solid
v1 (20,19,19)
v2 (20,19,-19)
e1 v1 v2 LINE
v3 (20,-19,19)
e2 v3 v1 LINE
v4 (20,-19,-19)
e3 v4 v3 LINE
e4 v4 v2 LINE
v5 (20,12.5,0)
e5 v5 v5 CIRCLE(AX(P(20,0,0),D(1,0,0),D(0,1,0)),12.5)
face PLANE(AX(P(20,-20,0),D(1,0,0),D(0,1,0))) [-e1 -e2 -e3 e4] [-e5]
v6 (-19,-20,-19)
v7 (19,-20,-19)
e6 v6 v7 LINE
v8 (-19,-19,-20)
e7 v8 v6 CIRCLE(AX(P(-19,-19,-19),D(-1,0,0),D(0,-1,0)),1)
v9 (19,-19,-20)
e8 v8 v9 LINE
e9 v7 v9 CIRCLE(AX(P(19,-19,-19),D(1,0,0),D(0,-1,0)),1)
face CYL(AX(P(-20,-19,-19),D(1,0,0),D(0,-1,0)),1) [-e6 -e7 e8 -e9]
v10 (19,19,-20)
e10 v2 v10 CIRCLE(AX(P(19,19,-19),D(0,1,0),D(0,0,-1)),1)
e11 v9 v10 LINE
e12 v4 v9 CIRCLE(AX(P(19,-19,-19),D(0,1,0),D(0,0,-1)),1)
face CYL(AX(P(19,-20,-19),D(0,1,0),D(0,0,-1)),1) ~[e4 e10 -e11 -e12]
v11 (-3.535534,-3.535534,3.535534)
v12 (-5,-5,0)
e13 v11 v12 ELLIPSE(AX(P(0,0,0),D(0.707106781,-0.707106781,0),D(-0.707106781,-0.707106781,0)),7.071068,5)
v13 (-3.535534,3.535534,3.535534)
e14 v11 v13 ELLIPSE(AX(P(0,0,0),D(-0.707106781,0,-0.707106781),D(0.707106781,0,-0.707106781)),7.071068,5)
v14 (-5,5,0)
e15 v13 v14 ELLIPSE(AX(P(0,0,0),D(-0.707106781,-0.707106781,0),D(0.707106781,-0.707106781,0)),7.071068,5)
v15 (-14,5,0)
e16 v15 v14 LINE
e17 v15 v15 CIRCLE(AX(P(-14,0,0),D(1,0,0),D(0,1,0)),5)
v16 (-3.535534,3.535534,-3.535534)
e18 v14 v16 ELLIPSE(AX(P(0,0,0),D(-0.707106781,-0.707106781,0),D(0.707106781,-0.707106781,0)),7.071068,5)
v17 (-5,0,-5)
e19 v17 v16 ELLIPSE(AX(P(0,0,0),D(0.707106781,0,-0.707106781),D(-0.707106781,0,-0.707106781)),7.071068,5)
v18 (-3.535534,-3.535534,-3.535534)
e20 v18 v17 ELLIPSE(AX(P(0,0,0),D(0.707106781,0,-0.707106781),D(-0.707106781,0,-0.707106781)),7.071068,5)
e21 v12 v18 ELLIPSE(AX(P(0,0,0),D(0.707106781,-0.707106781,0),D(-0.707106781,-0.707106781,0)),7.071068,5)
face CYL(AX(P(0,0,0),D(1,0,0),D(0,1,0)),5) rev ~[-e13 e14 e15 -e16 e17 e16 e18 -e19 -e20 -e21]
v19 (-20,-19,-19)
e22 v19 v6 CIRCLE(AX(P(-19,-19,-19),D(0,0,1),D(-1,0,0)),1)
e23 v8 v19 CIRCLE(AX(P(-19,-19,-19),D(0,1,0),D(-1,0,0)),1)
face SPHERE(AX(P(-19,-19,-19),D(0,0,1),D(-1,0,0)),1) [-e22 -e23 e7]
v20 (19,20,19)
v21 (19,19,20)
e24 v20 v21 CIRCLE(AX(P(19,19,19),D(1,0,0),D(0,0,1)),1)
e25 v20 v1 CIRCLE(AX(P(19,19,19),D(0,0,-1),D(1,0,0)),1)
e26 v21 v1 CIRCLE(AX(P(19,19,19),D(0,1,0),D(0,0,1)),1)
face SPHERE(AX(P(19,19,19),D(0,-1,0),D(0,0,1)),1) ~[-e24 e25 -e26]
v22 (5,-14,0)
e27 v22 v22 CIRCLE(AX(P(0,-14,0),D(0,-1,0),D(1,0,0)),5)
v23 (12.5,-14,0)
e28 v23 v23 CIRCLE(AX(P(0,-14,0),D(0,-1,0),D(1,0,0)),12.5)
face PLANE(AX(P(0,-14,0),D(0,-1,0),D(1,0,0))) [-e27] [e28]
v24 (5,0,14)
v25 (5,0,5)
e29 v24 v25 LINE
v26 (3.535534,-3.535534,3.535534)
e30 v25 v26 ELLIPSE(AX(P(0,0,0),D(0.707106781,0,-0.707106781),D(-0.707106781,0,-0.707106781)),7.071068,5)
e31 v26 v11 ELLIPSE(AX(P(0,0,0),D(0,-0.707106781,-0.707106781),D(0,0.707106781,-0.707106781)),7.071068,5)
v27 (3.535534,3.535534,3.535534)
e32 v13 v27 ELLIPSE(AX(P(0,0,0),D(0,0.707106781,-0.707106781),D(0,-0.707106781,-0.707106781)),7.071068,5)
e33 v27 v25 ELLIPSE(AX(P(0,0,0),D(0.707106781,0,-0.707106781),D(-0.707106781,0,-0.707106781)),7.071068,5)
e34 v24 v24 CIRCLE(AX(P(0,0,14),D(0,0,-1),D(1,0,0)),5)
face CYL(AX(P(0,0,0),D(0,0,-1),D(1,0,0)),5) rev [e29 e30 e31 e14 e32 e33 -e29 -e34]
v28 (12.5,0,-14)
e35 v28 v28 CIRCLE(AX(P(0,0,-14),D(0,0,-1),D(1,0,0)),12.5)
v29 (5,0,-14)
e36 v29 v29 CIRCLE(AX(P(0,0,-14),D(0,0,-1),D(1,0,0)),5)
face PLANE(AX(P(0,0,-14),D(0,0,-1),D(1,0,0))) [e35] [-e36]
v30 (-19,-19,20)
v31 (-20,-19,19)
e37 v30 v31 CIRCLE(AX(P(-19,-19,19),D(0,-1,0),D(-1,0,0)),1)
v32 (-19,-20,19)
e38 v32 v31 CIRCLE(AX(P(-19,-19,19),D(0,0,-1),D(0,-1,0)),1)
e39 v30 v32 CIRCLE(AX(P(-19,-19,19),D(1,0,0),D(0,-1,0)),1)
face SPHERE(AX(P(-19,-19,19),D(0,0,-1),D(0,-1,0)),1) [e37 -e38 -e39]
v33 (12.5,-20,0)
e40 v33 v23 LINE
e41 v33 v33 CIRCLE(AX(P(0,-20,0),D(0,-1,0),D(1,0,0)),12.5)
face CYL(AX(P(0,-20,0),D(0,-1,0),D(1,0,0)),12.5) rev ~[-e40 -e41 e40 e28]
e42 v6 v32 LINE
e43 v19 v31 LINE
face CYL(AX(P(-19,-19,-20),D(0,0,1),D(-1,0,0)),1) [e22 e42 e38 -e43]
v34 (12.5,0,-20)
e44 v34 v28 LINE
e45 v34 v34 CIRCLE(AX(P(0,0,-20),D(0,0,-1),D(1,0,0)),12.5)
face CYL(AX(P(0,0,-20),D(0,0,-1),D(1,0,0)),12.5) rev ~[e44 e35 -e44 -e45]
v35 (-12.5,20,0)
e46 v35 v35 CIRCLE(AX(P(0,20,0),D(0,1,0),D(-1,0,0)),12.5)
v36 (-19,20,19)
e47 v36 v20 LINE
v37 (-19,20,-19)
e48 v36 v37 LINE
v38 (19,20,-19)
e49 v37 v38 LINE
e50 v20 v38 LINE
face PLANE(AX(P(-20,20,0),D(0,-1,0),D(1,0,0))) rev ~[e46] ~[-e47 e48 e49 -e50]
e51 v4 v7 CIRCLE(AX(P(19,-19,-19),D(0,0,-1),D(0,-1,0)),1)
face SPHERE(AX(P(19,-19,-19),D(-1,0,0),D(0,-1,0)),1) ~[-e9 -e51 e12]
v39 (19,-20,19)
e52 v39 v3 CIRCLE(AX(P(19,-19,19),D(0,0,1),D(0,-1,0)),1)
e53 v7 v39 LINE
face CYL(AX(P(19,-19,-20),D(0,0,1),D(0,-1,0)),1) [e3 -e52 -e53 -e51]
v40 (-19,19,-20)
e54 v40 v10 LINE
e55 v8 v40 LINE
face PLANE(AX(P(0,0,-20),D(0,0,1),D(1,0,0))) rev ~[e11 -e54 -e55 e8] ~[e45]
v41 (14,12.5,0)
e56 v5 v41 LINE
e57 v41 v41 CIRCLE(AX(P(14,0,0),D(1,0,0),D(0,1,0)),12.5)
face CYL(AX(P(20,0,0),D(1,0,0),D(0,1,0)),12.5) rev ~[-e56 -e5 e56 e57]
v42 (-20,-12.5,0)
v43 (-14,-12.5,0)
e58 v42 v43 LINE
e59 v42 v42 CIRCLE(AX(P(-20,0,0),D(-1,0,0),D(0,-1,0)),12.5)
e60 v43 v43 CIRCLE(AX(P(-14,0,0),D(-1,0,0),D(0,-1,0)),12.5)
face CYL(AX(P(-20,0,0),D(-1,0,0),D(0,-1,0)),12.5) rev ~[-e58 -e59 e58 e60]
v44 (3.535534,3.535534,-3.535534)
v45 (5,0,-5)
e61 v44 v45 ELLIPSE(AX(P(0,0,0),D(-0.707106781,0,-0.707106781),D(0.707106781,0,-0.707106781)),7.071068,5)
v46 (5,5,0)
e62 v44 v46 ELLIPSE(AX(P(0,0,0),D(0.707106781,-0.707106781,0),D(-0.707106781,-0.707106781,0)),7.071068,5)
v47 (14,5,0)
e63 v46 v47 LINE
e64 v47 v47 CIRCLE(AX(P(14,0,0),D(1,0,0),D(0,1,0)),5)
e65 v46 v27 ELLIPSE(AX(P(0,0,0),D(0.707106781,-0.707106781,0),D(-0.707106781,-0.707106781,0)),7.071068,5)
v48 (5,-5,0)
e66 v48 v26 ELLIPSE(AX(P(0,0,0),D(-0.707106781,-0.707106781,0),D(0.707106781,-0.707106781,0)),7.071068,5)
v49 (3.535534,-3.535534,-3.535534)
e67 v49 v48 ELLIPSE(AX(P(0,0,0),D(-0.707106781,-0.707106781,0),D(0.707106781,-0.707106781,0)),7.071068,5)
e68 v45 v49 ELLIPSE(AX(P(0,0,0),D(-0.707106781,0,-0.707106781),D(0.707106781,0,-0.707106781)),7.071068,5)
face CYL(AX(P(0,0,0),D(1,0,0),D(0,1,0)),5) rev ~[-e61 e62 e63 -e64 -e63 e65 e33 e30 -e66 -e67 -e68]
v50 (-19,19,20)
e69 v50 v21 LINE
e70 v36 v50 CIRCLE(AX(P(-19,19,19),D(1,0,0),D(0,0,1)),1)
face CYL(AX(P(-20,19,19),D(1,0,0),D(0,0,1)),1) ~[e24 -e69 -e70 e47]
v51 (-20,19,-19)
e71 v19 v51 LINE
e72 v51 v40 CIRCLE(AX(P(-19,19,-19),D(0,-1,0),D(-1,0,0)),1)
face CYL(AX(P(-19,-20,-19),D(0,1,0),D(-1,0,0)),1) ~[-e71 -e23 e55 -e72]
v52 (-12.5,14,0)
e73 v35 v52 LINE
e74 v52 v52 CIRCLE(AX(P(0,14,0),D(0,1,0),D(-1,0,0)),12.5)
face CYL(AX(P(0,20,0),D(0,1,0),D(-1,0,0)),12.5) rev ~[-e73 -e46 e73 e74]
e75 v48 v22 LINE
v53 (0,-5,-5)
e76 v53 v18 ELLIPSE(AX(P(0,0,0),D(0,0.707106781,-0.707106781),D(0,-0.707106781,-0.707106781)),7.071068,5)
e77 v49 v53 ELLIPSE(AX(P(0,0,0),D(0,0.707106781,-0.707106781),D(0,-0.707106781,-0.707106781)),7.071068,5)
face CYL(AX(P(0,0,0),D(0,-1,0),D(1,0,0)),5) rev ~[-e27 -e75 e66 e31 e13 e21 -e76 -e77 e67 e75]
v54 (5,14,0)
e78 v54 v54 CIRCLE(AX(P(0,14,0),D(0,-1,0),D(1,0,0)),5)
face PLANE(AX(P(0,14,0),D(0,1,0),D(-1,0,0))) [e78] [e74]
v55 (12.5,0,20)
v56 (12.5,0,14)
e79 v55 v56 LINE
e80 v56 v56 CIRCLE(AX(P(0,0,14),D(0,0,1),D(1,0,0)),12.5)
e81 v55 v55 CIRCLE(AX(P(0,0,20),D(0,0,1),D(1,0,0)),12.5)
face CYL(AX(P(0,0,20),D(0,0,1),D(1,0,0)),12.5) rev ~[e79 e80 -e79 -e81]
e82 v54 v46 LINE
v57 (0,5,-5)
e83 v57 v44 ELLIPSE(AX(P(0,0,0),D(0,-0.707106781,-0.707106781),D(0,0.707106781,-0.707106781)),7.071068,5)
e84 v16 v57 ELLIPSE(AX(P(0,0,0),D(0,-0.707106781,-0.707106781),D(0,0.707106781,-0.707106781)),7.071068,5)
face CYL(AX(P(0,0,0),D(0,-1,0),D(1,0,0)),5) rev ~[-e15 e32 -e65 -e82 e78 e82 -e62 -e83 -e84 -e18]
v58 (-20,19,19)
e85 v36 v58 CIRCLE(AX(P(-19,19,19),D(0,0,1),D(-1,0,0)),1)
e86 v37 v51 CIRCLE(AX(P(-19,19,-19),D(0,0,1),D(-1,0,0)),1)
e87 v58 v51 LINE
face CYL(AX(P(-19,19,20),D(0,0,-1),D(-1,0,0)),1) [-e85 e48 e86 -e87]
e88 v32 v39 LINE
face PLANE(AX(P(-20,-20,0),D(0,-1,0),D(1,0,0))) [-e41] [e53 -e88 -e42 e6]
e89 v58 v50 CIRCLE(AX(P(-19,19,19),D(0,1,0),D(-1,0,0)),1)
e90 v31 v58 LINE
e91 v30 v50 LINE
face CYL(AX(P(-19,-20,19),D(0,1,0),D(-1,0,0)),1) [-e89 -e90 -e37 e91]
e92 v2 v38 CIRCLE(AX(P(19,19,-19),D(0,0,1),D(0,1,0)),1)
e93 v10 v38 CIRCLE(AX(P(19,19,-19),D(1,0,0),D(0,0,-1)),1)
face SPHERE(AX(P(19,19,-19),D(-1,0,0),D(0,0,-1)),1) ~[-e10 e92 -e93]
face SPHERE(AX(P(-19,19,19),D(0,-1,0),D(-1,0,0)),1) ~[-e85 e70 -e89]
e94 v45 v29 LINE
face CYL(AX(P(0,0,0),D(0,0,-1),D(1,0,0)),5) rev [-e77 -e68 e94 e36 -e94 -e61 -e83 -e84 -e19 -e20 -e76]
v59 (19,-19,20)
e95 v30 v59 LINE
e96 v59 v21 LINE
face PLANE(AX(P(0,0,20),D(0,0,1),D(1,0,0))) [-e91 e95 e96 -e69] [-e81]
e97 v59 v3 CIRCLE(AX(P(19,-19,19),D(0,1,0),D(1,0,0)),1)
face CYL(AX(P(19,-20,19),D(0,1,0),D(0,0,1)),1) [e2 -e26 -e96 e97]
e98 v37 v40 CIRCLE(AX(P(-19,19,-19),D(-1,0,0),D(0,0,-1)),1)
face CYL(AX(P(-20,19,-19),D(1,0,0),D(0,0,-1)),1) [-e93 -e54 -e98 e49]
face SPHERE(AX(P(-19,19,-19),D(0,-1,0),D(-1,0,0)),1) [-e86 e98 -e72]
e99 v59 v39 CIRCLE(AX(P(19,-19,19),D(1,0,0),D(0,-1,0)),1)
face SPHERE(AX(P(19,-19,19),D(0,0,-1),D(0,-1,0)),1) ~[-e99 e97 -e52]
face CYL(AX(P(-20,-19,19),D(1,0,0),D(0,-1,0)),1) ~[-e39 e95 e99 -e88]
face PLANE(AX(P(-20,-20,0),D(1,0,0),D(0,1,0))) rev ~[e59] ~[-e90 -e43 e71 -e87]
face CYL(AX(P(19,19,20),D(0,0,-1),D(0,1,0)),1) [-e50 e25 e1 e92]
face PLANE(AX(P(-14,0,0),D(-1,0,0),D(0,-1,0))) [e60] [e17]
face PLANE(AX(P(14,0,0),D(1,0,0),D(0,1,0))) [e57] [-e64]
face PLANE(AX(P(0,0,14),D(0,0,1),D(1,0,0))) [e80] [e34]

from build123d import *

# Parameters (mm, degrees)
F0_W      = 40
F0_H      = 40
F0_R      = 5
F1_DEPTH  = 20
F2_R      = 12.5
F3_DEPTH  = 6
F4_R      = 12.5
F5_DEPTH  = 6
F6_R      = 12.5
F7_DEPTH  = 6
F8_R      = 5
F9_DEPTH  = 20
F10_R     = 5
F11_DEPTH = 20
F12_R     = 12.5
F13_DEPTH = 6
F14_R     = 12.5
F15_DEPTH = 6
F16_R     = 12.5
F17_DEPTH = 6
F18_R     = 1


with BuildPart() as f1:
    # F0 (on Top) → F1 (new body, symmetric)
    with BuildSketch(Plane.XY):
        Rectangle(F0_W, F0_H)
        Circle(F0_R, mode=Mode.SUBTRACT)
    extrude(amount=F1_DEPTH, both=True)

    # F2 (on face) → F3 (cut)
    with BuildSketch(Plane.XZ.offset(20)):
        Circle(F2_R)
    extrude(amount=-F3_DEPTH, mode=Mode.SUBTRACT)

    # F4 (on face) → F5 (cut)
    with BuildSketch(Plane.XY.offset(20)):
        Circle(F4_R)
    extrude(amount=-F5_DEPTH, mode=Mode.SUBTRACT)

    # F6 (on face) → F7 (cut)
    with BuildSketch(Plane(origin=(-20, 0, 0), x_dir=(0, -1, 0), z_dir=(-1, 0, 0))):
        Circle(F6_R)
    extrude(amount=-F7_DEPTH, mode=Mode.SUBTRACT)

    # F8 (on Front) → F9 (cut, symmetric)
    with BuildSketch(Plane.XZ):
        Circle(F8_R)
    extrude(amount=F9_DEPTH, both=True, mode=Mode.SUBTRACT)

    # F10 (on Right) → F11 (cut, symmetric)
    with BuildSketch(Plane.YZ):
        Circle(F10_R)
    extrude(amount=F11_DEPTH, both=True, mode=Mode.SUBTRACT)

    # F12 (on face) → F13 (cut)
    with BuildSketch(Plane(origin=(0, 0, -20), x_dir=(1, 0, 0), z_dir=(0, 0, -1))):
        Circle(F12_R)
    extrude(amount=-F13_DEPTH, mode=Mode.SUBTRACT)

    # F14 (on face) → F15 (cut)
    with BuildSketch(Plane.YZ.offset(20)):
        Circle(F14_R)
    extrude(amount=-F15_DEPTH, mode=Mode.SUBTRACT)

    # F16 (on face) → F17 (cut)
    with BuildSketch(Plane(origin=(0, 20, 0), x_dir=(-1, 0, 0), z_dir=(0, 1, 0))):
        Circle(F16_R)
    extrude(amount=-F17_DEPTH, mode=Mode.SUBTRACT)

    # F18
    f18_edges = [f1.edges().sort_by_distance(p)[0] for p in [
        (-20, -20, 0),
        (-20, 0, -20),
        (0, -20, -20),
        (20, -20, 0),
        (0, -20, 20),
        (-20, 0, 20),
        (-20, 20, 0),
        (0, 20, -20),
        (20, 0, -20),
        (20, 0, 20),
        (0, 20, 20),
        (20, 20, 0),
    ]]
    fillet(f18_edges, radius=F18_R)


solid = f1.part
